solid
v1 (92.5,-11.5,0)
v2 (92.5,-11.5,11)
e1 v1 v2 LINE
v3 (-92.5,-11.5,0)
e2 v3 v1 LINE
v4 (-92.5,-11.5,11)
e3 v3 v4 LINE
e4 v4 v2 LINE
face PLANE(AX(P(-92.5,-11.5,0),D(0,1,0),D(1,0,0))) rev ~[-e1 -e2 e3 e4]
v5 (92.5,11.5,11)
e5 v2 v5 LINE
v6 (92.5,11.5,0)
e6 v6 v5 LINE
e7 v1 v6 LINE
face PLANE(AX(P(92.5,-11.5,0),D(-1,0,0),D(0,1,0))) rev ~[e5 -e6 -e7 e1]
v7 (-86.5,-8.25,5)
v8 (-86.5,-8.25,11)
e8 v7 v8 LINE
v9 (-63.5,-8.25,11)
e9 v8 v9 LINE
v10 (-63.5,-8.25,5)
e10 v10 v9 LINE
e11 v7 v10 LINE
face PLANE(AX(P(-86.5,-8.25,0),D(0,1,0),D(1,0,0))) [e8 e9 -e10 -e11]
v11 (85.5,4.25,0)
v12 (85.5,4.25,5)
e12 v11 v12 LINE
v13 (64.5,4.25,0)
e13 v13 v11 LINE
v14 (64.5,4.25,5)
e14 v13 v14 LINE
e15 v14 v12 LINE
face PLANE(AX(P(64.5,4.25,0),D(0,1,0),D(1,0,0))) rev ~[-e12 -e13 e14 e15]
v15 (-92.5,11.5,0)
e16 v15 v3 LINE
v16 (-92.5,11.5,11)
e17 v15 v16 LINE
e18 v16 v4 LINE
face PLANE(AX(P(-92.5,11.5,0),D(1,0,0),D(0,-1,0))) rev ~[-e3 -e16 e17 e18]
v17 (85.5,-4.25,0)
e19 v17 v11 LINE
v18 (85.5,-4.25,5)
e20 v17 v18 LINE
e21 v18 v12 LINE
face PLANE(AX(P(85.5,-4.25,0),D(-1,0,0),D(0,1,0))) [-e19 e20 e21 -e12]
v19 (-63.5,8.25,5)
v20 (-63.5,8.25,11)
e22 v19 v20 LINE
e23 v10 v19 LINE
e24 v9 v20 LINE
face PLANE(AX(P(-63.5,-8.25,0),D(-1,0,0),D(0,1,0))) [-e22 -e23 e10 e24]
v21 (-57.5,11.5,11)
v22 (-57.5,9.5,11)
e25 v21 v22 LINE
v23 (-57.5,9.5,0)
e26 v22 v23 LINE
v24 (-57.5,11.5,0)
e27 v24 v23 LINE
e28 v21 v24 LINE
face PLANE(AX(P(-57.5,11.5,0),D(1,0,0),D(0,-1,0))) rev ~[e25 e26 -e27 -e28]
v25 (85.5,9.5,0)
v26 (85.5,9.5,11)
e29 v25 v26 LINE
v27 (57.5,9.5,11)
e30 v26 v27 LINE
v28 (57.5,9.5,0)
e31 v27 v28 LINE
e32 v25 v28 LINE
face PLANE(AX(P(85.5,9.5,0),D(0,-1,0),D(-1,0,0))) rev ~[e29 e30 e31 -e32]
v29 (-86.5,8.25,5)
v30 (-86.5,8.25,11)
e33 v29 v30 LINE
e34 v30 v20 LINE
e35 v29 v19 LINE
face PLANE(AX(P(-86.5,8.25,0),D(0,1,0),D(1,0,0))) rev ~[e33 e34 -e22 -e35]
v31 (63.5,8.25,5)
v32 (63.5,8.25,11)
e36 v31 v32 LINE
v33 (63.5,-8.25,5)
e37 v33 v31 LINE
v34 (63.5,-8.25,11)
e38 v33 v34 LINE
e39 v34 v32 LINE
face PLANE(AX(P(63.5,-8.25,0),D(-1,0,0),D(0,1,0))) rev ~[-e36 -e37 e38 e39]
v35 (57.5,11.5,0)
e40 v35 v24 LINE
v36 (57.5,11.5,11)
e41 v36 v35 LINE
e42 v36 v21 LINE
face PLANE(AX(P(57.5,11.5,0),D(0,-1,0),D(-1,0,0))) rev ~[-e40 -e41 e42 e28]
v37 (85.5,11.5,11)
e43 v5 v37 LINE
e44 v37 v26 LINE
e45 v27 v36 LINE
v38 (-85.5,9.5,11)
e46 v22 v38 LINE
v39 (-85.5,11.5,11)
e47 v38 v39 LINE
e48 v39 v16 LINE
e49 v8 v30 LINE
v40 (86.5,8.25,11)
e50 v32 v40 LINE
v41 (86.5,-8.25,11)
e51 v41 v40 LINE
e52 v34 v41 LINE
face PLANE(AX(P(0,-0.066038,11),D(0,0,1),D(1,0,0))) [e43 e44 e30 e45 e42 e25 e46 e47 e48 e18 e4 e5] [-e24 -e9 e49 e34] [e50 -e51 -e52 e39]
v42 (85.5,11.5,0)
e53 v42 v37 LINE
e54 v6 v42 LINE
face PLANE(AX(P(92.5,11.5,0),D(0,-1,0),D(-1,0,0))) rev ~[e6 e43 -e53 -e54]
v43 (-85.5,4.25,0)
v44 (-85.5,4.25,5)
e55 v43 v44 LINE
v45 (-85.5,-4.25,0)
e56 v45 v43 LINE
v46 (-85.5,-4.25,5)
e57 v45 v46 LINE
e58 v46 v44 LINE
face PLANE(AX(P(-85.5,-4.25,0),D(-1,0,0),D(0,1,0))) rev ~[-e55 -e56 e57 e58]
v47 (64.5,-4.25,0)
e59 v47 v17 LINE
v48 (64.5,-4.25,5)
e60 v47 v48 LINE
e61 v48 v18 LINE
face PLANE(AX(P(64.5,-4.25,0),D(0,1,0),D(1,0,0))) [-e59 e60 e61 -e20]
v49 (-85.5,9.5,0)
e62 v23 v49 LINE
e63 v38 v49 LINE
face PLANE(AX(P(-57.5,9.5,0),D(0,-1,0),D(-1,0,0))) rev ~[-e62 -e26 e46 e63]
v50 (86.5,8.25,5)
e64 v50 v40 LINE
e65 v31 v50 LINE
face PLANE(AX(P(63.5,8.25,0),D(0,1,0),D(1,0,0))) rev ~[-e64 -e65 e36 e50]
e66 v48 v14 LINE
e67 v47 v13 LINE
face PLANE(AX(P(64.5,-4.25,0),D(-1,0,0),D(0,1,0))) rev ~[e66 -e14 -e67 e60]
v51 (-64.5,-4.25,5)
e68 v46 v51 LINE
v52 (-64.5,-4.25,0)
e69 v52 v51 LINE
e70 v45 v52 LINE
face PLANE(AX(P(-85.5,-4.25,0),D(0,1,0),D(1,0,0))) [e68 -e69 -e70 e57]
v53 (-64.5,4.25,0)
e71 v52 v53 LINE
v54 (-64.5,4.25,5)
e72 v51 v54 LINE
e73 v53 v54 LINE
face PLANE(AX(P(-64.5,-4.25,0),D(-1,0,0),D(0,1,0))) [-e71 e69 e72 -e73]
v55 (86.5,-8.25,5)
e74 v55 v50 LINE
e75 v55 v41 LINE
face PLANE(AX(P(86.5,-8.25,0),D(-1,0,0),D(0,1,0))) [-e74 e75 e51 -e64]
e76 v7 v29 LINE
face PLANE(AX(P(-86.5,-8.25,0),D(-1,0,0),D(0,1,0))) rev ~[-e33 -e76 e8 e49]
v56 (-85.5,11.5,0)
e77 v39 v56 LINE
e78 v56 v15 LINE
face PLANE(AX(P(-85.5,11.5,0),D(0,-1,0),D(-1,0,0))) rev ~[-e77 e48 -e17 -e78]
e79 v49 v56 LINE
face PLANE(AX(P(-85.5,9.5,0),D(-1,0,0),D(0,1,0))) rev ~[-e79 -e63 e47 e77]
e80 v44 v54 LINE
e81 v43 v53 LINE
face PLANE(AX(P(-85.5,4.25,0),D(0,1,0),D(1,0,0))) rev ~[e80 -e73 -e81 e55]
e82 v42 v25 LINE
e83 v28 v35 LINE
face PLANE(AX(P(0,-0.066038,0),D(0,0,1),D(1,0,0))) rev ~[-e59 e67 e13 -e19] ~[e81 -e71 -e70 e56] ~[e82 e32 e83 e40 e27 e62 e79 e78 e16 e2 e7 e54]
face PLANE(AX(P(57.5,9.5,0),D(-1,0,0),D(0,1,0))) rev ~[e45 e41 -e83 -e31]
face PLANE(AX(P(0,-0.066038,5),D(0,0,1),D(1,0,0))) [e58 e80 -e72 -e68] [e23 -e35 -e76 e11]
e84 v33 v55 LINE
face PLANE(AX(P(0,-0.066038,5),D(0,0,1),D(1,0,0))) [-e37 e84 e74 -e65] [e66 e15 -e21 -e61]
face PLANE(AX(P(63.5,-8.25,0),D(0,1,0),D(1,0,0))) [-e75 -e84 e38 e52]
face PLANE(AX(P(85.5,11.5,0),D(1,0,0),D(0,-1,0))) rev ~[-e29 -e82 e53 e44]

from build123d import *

# Parameters (mm, degrees)
F0_W     = 23
F0_H     = 16.5
F1_DEPTH = 11
F0_W_2   = 21
F0_H_2   = 8.5
F2_DEPTH = 5


with BuildPart() as f1:
    # F0 (on Top) → F1 (new body)
    with BuildSketch(Plane.XY):
        Polygon((-85.5, 11.5), (-92.5, 11.5), (-92.5, -11.5), (92.5, -11.5), (92.5, 11.5), (85.5, 11.5), (85.5, 9.5), (57.5, 9.5), (57.5, 11.5), (-57.5, 11.5), (-57.5, 9.5), (-85.5, 9.5), align=None)
        with Locations((-75, 0)):
            Rectangle(F0_W, F0_H, mode=Mode.SUBTRACT)
        with Locations((75, 0)):
            Rectangle(F0_W, F0_H, mode=Mode.SUBTRACT)
    extrude(amount=F1_DEPTH)

    # F0 (on Top) → F2 (join)
    with BuildSketch(Plane.XY):
        Polygon((-85.5, 11.5), (-92.5, 11.5), (-92.5, -11.5), (92.5, -11.5), (92.5, 11.5), (85.5, 11.5), (85.5, 9.5), (57.5, 9.5), (57.5, 11.5), (-57.5, 11.5), (-57.5, 9.5), (-85.5, 9.5), align=None)
        with Locations((-75, 0)):
            Rectangle(F0_W, F0_H, mode=Mode.SUBTRACT)
        with Locations((75, 0)):
            Rectangle(F0_W, F0_H, mode=Mode.SUBTRACT)
        with Locations((75, 0)):
            Rectangle(F0_W, F0_H)
        with Locations((75, 0)):
            Rectangle(F0_W_2, F0_H_2, mode=Mode.SUBTRACT)
        with Locations((-75, 0)):
            Rectangle(F0_W, F0_H)
        with Locations((-75, 0)):
            Rectangle(F0_W_2, F0_H_2, mode=Mode.SUBTRACT)
    extrude(amount=F2_DEPTH)


solid = f1.part
